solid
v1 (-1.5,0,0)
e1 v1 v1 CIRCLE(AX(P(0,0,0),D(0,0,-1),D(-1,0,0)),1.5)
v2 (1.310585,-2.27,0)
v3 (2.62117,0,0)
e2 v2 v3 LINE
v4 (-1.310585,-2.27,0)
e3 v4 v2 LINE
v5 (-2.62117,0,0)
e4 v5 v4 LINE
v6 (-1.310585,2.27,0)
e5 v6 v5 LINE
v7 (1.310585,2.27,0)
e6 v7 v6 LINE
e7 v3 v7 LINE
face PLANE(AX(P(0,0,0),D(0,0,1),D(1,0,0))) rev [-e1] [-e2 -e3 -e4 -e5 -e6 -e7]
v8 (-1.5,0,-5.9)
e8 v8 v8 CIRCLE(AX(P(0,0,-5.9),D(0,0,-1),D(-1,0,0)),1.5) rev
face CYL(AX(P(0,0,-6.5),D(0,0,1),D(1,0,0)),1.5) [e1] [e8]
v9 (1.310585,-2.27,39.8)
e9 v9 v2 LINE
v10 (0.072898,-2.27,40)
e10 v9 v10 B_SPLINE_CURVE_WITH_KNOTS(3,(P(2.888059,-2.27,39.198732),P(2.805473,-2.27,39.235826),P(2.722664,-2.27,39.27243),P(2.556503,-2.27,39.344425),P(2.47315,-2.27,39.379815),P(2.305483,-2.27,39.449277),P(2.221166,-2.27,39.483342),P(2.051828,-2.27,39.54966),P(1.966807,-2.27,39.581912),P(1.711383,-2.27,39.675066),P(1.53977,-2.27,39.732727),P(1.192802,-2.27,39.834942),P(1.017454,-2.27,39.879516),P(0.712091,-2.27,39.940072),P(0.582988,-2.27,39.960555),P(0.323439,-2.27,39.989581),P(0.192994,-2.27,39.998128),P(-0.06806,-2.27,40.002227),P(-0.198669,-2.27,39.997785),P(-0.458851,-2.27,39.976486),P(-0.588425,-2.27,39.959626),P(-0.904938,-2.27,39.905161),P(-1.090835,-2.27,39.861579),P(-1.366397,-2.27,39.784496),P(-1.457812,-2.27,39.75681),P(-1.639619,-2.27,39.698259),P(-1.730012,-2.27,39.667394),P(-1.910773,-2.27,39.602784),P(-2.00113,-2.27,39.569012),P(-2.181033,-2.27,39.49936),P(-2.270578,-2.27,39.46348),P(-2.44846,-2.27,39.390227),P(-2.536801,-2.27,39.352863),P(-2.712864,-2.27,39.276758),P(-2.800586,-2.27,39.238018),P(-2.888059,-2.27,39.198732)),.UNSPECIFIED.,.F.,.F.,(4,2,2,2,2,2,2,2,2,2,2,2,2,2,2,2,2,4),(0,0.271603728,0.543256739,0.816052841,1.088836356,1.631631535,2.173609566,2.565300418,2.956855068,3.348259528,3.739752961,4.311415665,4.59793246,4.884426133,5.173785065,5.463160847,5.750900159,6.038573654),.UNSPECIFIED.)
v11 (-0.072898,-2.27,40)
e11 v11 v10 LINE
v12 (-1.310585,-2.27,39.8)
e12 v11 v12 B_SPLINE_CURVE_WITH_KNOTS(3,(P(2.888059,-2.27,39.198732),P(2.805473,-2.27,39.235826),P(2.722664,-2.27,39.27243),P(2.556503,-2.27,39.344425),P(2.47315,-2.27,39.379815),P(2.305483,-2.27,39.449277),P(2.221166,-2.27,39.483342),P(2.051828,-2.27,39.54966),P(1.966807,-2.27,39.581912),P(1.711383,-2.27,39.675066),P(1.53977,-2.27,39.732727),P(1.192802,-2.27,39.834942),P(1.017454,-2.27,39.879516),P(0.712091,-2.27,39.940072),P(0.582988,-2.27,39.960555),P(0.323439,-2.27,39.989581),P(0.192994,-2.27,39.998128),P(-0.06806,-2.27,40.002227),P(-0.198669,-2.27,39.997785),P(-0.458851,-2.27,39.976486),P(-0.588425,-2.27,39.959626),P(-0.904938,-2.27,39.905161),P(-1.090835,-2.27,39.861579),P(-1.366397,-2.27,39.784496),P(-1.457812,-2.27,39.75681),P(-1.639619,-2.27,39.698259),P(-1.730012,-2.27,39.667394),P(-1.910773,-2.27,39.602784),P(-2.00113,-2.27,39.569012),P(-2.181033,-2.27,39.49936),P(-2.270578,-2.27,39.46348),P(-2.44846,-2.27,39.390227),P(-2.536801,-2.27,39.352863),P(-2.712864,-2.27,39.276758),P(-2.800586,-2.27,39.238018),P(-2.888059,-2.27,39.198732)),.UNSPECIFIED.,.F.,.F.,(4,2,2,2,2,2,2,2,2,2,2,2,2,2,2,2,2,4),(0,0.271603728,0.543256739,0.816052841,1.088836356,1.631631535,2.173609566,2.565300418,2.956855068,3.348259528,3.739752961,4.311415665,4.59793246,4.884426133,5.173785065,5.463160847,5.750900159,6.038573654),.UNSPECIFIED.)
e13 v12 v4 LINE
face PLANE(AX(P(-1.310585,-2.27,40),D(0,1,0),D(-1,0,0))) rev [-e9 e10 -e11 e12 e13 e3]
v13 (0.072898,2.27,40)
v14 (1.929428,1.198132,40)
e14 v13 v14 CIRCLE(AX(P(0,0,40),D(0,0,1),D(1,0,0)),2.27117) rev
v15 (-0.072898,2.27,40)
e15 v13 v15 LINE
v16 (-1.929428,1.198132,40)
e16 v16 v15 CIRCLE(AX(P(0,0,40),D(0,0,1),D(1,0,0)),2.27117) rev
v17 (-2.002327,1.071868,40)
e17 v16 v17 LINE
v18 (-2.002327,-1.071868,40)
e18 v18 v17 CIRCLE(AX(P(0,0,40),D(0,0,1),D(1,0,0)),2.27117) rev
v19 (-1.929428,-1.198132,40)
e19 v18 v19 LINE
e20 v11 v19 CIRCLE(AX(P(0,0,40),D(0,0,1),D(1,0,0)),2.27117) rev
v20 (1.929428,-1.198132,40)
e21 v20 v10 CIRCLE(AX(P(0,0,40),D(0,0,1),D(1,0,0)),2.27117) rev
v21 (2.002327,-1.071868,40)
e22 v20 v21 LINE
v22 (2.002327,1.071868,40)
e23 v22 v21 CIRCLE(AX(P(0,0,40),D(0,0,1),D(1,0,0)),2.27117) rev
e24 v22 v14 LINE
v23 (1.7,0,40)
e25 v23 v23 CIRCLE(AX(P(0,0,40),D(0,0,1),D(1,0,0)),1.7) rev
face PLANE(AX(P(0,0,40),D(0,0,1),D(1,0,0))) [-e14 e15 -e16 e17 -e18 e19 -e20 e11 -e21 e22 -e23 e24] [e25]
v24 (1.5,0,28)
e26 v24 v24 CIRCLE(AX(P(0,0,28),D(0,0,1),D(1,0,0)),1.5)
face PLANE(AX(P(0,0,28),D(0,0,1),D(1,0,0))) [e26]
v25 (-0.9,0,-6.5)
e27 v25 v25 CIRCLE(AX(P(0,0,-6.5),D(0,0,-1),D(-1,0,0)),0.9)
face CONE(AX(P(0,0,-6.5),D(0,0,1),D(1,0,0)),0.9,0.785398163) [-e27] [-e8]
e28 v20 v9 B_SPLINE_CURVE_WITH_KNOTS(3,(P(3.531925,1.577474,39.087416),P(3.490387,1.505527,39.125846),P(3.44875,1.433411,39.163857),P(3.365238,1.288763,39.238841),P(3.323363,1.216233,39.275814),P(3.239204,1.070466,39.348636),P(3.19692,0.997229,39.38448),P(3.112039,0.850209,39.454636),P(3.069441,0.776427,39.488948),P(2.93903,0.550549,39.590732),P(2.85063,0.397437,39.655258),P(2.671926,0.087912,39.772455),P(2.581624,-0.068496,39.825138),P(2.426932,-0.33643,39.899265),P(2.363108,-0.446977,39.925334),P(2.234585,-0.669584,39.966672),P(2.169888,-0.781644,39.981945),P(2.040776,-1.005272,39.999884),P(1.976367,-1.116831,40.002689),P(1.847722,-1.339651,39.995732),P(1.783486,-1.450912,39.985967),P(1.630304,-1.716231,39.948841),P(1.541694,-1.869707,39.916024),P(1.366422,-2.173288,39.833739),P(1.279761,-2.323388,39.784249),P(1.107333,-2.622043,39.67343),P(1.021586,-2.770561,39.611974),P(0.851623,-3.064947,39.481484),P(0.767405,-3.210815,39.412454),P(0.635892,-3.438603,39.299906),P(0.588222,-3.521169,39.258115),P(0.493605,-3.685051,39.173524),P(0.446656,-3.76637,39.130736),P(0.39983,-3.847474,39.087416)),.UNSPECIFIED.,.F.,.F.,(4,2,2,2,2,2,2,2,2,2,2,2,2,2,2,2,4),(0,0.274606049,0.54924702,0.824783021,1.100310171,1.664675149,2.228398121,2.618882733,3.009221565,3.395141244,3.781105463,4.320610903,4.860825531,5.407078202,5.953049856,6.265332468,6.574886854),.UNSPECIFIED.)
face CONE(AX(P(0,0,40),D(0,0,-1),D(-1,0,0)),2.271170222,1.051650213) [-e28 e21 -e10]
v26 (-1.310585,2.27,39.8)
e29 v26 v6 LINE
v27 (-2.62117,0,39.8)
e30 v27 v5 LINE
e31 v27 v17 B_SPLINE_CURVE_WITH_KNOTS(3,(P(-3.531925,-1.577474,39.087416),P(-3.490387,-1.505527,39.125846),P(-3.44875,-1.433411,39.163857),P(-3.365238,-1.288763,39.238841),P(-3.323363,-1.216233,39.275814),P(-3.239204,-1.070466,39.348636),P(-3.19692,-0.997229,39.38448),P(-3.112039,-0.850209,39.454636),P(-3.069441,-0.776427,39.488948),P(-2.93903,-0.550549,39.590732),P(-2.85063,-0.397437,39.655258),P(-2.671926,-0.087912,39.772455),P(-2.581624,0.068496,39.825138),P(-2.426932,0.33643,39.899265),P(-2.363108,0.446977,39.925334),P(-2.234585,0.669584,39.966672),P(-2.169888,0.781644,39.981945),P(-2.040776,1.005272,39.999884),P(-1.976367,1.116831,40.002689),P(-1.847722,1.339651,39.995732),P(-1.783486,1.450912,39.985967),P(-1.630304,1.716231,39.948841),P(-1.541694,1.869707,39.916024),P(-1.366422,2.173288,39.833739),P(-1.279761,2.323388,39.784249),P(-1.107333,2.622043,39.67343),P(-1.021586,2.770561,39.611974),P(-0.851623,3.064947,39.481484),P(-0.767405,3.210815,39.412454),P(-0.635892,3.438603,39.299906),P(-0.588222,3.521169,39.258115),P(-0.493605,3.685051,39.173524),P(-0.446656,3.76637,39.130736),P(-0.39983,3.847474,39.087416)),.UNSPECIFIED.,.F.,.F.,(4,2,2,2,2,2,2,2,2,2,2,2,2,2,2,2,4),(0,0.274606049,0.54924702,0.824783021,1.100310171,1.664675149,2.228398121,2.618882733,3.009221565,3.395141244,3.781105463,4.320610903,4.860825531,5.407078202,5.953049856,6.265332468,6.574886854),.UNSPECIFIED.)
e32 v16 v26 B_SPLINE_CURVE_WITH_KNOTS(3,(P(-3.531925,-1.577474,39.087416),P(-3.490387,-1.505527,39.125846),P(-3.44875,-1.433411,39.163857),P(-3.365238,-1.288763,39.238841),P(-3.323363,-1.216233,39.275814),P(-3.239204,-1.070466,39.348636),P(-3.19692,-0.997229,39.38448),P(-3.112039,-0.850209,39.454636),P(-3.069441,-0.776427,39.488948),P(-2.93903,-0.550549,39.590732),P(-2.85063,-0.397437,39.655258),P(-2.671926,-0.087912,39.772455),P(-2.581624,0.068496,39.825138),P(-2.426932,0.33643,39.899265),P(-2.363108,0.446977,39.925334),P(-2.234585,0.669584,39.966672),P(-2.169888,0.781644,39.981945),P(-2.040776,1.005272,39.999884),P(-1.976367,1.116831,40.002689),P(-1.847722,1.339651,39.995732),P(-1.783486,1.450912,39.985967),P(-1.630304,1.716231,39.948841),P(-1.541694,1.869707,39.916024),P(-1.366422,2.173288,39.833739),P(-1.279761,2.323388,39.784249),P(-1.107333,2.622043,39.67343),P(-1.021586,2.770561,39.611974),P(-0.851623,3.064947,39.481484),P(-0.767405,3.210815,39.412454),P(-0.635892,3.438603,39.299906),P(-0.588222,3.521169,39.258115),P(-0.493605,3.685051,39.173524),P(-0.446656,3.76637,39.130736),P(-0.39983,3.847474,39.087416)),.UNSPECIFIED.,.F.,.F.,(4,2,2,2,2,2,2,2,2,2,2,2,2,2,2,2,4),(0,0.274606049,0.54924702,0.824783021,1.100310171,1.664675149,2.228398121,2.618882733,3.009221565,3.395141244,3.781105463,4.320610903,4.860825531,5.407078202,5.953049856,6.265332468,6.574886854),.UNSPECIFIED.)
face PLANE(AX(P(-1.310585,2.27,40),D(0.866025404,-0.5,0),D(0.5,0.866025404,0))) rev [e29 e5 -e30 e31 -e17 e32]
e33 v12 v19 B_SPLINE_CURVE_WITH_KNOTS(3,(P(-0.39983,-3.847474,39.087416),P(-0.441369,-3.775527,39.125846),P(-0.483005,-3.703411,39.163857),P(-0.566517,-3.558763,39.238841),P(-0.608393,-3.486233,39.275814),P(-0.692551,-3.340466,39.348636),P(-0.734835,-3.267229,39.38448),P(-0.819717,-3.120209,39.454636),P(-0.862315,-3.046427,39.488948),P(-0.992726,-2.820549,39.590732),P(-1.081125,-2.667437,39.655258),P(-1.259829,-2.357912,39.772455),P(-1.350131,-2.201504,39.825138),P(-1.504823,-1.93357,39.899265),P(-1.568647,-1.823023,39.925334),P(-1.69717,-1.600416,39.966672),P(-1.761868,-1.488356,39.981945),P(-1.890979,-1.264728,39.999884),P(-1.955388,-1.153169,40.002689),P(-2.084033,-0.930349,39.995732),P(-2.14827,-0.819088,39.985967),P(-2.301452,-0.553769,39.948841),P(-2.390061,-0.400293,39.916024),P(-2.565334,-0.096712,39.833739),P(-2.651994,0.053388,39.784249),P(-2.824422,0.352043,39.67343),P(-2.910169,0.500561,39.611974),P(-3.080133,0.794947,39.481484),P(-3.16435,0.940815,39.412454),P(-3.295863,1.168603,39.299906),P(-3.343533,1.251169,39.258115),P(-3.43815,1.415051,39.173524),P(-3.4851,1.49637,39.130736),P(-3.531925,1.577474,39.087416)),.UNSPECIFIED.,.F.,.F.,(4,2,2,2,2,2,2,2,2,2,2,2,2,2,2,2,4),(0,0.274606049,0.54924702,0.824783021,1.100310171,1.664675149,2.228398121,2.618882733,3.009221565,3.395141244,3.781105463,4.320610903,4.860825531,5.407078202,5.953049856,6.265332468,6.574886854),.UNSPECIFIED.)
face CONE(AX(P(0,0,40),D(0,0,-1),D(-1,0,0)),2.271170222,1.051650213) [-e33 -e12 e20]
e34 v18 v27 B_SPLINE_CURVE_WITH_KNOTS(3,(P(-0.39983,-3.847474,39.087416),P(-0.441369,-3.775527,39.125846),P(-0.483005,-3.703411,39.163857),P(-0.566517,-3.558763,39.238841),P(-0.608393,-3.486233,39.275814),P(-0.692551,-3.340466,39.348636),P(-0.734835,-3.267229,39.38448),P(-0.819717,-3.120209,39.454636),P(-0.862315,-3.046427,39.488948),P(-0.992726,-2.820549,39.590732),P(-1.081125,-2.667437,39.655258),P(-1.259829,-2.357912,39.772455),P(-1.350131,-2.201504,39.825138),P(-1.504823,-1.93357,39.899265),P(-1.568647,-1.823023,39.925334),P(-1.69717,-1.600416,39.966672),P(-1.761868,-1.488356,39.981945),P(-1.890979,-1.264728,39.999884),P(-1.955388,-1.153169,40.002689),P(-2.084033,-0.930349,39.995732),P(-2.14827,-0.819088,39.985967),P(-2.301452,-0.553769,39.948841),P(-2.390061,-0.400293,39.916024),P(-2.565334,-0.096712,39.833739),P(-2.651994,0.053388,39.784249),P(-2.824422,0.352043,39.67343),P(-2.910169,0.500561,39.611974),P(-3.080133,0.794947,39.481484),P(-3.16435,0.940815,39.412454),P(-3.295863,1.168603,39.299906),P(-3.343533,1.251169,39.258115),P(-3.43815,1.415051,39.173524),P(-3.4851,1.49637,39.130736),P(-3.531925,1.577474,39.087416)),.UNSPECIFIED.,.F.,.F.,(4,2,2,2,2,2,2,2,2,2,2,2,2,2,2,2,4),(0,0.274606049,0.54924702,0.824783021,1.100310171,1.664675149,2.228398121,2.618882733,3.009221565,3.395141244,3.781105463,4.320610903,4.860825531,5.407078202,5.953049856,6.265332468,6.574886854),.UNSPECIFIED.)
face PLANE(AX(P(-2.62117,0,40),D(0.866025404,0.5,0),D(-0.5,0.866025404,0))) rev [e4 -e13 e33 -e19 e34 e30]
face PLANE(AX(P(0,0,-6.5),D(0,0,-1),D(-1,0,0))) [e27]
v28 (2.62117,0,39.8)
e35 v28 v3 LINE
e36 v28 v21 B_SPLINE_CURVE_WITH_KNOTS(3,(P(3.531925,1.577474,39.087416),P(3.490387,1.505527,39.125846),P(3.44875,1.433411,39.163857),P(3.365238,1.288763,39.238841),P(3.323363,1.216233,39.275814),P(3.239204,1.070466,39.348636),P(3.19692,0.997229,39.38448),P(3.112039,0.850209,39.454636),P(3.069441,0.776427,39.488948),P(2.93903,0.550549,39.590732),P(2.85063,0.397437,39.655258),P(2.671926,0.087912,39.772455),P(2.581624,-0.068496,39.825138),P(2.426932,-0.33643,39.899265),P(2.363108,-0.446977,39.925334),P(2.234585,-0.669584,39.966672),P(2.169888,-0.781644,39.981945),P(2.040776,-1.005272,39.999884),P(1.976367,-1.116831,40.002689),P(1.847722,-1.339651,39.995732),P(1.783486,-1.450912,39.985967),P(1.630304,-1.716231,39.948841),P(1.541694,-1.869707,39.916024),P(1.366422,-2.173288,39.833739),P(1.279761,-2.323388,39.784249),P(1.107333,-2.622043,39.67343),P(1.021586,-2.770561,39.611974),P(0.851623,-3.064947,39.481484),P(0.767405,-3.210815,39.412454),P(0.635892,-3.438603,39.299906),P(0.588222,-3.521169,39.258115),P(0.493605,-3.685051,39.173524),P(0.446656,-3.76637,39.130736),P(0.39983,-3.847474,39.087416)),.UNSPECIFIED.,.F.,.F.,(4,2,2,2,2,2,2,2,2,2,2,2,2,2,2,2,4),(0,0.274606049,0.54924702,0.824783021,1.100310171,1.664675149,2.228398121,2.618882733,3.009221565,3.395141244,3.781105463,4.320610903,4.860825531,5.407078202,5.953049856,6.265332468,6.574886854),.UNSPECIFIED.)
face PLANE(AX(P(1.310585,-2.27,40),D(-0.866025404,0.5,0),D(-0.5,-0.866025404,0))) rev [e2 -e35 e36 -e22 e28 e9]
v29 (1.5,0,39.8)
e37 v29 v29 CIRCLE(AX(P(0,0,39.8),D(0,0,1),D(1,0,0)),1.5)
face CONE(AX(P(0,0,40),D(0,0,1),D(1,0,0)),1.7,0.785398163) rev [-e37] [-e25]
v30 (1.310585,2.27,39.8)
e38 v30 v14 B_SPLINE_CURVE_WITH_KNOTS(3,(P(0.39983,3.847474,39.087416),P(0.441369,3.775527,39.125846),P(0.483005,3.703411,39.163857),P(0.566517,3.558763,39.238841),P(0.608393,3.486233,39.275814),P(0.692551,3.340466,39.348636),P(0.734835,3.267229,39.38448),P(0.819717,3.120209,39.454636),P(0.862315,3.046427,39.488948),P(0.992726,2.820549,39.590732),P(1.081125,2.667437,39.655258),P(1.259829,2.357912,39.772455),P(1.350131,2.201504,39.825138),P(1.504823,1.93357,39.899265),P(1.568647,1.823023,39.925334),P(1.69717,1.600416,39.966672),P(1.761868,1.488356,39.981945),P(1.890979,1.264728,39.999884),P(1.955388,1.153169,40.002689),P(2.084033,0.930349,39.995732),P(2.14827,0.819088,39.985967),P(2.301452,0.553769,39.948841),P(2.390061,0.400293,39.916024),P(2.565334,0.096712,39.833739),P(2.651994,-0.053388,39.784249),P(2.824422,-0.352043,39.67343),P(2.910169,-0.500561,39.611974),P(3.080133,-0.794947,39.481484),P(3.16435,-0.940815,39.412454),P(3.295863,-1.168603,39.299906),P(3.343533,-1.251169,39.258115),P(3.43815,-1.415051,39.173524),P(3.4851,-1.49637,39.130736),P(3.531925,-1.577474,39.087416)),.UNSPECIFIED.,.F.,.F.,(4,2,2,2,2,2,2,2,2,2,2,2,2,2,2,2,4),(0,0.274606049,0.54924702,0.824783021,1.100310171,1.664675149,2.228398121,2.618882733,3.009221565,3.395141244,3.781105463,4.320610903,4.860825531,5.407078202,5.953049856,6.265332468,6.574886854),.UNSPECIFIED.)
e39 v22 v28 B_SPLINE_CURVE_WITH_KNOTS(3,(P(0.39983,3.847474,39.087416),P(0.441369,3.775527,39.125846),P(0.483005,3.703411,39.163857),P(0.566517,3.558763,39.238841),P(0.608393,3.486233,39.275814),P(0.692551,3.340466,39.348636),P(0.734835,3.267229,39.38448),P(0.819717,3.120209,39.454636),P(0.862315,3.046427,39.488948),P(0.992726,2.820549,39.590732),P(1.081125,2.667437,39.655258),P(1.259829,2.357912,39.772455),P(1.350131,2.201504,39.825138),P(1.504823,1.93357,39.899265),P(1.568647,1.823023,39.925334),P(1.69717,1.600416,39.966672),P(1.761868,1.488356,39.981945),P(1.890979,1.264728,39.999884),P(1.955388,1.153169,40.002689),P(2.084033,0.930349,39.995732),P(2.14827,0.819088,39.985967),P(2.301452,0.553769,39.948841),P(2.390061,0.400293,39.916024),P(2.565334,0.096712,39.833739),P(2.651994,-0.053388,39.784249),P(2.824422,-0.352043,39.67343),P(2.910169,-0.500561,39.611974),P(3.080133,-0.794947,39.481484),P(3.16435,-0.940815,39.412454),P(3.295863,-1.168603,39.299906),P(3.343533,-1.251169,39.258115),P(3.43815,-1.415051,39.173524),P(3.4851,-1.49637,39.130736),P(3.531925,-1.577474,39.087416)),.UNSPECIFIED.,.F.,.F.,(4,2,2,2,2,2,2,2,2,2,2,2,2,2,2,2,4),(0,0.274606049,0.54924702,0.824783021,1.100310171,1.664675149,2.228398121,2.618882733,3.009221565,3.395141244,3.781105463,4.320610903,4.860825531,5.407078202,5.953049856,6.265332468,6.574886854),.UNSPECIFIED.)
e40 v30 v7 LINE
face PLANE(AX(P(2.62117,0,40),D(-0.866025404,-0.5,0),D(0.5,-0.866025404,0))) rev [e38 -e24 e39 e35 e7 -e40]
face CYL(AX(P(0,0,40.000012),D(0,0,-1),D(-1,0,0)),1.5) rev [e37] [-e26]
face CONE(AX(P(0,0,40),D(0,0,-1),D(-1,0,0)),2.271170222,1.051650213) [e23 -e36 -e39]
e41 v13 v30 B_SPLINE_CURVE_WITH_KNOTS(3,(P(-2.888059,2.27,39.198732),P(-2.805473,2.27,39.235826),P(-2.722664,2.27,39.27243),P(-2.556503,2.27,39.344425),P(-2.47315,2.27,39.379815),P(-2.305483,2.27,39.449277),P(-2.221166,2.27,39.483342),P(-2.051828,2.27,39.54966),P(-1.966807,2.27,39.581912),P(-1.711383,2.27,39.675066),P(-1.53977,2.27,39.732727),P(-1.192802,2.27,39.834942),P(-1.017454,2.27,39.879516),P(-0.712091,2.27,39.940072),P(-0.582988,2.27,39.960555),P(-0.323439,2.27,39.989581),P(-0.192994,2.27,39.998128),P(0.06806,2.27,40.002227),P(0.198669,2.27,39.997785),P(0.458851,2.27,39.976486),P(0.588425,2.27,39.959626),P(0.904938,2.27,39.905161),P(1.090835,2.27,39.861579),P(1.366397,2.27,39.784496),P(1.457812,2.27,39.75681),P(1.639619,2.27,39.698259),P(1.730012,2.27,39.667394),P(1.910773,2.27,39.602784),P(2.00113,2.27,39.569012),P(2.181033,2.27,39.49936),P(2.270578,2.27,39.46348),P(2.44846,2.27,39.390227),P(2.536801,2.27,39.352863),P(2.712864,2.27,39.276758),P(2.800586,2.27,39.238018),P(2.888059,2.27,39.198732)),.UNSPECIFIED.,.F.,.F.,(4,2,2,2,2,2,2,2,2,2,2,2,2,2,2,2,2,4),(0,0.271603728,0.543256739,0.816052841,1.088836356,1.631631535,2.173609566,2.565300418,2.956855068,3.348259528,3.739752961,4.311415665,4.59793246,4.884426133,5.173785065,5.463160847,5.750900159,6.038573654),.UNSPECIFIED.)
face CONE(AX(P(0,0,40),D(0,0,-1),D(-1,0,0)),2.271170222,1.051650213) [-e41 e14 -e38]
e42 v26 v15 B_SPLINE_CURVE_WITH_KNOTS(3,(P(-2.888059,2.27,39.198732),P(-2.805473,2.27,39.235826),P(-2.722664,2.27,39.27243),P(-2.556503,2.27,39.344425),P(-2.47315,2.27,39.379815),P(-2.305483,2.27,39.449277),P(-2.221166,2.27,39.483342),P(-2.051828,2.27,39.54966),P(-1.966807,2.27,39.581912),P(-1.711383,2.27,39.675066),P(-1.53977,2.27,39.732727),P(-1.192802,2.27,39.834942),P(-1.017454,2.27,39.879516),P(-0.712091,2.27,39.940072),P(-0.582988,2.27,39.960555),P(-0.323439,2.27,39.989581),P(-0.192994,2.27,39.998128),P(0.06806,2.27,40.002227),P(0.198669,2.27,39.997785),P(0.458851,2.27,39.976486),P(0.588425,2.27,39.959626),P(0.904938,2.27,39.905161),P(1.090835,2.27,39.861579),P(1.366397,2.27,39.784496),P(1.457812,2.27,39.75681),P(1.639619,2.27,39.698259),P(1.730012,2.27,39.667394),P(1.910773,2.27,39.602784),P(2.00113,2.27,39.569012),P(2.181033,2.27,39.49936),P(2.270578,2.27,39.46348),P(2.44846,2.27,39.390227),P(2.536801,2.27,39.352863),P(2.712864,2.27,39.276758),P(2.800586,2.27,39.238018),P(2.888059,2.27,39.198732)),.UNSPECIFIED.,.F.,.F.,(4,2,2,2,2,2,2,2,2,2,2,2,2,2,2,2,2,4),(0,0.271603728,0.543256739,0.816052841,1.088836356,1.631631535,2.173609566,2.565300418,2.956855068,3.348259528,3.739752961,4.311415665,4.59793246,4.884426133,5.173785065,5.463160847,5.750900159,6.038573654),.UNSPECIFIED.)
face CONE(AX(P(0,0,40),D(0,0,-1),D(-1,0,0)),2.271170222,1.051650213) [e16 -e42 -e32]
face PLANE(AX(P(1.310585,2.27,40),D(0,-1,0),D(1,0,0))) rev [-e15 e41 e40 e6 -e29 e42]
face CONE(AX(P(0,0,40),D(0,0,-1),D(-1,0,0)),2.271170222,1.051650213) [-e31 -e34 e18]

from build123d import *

# Parameters (mm, degrees)
BOSS_EXTRUDE1_DEPTH     = 40
SKETCH2_R               = 1.5
CUT_EXTRUDE1_DEPTH      = 1
CUT_EXTRUDE1_DEPTH_BACK = 12
CHAMFER1_SIZE           = 0.2
SKETCH4_R               = 1.5
BOSS_EXTRUDE2_DEPTH     = 6.5
CHAMFER2_SIZE           = 0.6


with BuildPart() as part:
    # Sketch1 → Boss-Extrude1 (new body)
    with BuildSketch(Plane.XY):
        Polygon((2.621170222, 0), (1.310585111, 2.27), (-1.310585111, 2.27), (-2.621170222, 0), (-1.310585111, -2.27), (1.310585111, -2.27), align=None)
    extrude(amount=BOSS_EXTRUDE1_DEPTH)

    # Sketch2 → Cut-Extrude1 (cut, two sides)
    with BuildSketch(Plane.XY.offset(40)) as cut_extrude1_sk:
        Circle(SKETCH2_R)
    extrude(amount=CUT_EXTRUDE1_DEPTH, mode=Mode.SUBTRACT)
    extrude(cut_extrude1_sk.sketch, amount=-CUT_EXTRUDE1_DEPTH_BACK, mode=Mode.SUBTRACT)

    # Sketch3 → Cut-Revolve1 (revolve, cut)
    with BuildSketch(Plane(origin=(0, 0, 0), x_dir=(1, 0, 0), z_dir=(0, 1, 0))):
        Polygon((-2.621170222, -40), (-2.271170222, -40), (-2.621170222, -39.8), align=None)
    revolve(axis=Axis((0, 0, 28), (0, 0, 1)), mode=Mode.SUBTRACT)

    # Chamfer1
    chamfer1_edges = [part.edges().sort_by_distance(p)[0] for p in [
        (-1.5, 0, 40),
    ]]
    chamfer(chamfer1_edges, length=CHAMFER1_SIZE)

    # Sketch4 → Boss-Extrude2 (add)
    with BuildSketch(Plane(origin=(0, 0, 0), x_dir=(-1, 0, 0), z_dir=(0, 0, -1))):
        Circle(SKETCH4_R)
    extrude(amount=BOSS_EXTRUDE2_DEPTH)

    # Chamfer2
    chamfer2_edges = [part.edges().sort_by_distance(p)[0] for p in [
        (1.5, 0, -6.5),
    ]]
    chamfer(chamfer2_edges, length=CHAMFER2_SIZE)


solid = part.part
